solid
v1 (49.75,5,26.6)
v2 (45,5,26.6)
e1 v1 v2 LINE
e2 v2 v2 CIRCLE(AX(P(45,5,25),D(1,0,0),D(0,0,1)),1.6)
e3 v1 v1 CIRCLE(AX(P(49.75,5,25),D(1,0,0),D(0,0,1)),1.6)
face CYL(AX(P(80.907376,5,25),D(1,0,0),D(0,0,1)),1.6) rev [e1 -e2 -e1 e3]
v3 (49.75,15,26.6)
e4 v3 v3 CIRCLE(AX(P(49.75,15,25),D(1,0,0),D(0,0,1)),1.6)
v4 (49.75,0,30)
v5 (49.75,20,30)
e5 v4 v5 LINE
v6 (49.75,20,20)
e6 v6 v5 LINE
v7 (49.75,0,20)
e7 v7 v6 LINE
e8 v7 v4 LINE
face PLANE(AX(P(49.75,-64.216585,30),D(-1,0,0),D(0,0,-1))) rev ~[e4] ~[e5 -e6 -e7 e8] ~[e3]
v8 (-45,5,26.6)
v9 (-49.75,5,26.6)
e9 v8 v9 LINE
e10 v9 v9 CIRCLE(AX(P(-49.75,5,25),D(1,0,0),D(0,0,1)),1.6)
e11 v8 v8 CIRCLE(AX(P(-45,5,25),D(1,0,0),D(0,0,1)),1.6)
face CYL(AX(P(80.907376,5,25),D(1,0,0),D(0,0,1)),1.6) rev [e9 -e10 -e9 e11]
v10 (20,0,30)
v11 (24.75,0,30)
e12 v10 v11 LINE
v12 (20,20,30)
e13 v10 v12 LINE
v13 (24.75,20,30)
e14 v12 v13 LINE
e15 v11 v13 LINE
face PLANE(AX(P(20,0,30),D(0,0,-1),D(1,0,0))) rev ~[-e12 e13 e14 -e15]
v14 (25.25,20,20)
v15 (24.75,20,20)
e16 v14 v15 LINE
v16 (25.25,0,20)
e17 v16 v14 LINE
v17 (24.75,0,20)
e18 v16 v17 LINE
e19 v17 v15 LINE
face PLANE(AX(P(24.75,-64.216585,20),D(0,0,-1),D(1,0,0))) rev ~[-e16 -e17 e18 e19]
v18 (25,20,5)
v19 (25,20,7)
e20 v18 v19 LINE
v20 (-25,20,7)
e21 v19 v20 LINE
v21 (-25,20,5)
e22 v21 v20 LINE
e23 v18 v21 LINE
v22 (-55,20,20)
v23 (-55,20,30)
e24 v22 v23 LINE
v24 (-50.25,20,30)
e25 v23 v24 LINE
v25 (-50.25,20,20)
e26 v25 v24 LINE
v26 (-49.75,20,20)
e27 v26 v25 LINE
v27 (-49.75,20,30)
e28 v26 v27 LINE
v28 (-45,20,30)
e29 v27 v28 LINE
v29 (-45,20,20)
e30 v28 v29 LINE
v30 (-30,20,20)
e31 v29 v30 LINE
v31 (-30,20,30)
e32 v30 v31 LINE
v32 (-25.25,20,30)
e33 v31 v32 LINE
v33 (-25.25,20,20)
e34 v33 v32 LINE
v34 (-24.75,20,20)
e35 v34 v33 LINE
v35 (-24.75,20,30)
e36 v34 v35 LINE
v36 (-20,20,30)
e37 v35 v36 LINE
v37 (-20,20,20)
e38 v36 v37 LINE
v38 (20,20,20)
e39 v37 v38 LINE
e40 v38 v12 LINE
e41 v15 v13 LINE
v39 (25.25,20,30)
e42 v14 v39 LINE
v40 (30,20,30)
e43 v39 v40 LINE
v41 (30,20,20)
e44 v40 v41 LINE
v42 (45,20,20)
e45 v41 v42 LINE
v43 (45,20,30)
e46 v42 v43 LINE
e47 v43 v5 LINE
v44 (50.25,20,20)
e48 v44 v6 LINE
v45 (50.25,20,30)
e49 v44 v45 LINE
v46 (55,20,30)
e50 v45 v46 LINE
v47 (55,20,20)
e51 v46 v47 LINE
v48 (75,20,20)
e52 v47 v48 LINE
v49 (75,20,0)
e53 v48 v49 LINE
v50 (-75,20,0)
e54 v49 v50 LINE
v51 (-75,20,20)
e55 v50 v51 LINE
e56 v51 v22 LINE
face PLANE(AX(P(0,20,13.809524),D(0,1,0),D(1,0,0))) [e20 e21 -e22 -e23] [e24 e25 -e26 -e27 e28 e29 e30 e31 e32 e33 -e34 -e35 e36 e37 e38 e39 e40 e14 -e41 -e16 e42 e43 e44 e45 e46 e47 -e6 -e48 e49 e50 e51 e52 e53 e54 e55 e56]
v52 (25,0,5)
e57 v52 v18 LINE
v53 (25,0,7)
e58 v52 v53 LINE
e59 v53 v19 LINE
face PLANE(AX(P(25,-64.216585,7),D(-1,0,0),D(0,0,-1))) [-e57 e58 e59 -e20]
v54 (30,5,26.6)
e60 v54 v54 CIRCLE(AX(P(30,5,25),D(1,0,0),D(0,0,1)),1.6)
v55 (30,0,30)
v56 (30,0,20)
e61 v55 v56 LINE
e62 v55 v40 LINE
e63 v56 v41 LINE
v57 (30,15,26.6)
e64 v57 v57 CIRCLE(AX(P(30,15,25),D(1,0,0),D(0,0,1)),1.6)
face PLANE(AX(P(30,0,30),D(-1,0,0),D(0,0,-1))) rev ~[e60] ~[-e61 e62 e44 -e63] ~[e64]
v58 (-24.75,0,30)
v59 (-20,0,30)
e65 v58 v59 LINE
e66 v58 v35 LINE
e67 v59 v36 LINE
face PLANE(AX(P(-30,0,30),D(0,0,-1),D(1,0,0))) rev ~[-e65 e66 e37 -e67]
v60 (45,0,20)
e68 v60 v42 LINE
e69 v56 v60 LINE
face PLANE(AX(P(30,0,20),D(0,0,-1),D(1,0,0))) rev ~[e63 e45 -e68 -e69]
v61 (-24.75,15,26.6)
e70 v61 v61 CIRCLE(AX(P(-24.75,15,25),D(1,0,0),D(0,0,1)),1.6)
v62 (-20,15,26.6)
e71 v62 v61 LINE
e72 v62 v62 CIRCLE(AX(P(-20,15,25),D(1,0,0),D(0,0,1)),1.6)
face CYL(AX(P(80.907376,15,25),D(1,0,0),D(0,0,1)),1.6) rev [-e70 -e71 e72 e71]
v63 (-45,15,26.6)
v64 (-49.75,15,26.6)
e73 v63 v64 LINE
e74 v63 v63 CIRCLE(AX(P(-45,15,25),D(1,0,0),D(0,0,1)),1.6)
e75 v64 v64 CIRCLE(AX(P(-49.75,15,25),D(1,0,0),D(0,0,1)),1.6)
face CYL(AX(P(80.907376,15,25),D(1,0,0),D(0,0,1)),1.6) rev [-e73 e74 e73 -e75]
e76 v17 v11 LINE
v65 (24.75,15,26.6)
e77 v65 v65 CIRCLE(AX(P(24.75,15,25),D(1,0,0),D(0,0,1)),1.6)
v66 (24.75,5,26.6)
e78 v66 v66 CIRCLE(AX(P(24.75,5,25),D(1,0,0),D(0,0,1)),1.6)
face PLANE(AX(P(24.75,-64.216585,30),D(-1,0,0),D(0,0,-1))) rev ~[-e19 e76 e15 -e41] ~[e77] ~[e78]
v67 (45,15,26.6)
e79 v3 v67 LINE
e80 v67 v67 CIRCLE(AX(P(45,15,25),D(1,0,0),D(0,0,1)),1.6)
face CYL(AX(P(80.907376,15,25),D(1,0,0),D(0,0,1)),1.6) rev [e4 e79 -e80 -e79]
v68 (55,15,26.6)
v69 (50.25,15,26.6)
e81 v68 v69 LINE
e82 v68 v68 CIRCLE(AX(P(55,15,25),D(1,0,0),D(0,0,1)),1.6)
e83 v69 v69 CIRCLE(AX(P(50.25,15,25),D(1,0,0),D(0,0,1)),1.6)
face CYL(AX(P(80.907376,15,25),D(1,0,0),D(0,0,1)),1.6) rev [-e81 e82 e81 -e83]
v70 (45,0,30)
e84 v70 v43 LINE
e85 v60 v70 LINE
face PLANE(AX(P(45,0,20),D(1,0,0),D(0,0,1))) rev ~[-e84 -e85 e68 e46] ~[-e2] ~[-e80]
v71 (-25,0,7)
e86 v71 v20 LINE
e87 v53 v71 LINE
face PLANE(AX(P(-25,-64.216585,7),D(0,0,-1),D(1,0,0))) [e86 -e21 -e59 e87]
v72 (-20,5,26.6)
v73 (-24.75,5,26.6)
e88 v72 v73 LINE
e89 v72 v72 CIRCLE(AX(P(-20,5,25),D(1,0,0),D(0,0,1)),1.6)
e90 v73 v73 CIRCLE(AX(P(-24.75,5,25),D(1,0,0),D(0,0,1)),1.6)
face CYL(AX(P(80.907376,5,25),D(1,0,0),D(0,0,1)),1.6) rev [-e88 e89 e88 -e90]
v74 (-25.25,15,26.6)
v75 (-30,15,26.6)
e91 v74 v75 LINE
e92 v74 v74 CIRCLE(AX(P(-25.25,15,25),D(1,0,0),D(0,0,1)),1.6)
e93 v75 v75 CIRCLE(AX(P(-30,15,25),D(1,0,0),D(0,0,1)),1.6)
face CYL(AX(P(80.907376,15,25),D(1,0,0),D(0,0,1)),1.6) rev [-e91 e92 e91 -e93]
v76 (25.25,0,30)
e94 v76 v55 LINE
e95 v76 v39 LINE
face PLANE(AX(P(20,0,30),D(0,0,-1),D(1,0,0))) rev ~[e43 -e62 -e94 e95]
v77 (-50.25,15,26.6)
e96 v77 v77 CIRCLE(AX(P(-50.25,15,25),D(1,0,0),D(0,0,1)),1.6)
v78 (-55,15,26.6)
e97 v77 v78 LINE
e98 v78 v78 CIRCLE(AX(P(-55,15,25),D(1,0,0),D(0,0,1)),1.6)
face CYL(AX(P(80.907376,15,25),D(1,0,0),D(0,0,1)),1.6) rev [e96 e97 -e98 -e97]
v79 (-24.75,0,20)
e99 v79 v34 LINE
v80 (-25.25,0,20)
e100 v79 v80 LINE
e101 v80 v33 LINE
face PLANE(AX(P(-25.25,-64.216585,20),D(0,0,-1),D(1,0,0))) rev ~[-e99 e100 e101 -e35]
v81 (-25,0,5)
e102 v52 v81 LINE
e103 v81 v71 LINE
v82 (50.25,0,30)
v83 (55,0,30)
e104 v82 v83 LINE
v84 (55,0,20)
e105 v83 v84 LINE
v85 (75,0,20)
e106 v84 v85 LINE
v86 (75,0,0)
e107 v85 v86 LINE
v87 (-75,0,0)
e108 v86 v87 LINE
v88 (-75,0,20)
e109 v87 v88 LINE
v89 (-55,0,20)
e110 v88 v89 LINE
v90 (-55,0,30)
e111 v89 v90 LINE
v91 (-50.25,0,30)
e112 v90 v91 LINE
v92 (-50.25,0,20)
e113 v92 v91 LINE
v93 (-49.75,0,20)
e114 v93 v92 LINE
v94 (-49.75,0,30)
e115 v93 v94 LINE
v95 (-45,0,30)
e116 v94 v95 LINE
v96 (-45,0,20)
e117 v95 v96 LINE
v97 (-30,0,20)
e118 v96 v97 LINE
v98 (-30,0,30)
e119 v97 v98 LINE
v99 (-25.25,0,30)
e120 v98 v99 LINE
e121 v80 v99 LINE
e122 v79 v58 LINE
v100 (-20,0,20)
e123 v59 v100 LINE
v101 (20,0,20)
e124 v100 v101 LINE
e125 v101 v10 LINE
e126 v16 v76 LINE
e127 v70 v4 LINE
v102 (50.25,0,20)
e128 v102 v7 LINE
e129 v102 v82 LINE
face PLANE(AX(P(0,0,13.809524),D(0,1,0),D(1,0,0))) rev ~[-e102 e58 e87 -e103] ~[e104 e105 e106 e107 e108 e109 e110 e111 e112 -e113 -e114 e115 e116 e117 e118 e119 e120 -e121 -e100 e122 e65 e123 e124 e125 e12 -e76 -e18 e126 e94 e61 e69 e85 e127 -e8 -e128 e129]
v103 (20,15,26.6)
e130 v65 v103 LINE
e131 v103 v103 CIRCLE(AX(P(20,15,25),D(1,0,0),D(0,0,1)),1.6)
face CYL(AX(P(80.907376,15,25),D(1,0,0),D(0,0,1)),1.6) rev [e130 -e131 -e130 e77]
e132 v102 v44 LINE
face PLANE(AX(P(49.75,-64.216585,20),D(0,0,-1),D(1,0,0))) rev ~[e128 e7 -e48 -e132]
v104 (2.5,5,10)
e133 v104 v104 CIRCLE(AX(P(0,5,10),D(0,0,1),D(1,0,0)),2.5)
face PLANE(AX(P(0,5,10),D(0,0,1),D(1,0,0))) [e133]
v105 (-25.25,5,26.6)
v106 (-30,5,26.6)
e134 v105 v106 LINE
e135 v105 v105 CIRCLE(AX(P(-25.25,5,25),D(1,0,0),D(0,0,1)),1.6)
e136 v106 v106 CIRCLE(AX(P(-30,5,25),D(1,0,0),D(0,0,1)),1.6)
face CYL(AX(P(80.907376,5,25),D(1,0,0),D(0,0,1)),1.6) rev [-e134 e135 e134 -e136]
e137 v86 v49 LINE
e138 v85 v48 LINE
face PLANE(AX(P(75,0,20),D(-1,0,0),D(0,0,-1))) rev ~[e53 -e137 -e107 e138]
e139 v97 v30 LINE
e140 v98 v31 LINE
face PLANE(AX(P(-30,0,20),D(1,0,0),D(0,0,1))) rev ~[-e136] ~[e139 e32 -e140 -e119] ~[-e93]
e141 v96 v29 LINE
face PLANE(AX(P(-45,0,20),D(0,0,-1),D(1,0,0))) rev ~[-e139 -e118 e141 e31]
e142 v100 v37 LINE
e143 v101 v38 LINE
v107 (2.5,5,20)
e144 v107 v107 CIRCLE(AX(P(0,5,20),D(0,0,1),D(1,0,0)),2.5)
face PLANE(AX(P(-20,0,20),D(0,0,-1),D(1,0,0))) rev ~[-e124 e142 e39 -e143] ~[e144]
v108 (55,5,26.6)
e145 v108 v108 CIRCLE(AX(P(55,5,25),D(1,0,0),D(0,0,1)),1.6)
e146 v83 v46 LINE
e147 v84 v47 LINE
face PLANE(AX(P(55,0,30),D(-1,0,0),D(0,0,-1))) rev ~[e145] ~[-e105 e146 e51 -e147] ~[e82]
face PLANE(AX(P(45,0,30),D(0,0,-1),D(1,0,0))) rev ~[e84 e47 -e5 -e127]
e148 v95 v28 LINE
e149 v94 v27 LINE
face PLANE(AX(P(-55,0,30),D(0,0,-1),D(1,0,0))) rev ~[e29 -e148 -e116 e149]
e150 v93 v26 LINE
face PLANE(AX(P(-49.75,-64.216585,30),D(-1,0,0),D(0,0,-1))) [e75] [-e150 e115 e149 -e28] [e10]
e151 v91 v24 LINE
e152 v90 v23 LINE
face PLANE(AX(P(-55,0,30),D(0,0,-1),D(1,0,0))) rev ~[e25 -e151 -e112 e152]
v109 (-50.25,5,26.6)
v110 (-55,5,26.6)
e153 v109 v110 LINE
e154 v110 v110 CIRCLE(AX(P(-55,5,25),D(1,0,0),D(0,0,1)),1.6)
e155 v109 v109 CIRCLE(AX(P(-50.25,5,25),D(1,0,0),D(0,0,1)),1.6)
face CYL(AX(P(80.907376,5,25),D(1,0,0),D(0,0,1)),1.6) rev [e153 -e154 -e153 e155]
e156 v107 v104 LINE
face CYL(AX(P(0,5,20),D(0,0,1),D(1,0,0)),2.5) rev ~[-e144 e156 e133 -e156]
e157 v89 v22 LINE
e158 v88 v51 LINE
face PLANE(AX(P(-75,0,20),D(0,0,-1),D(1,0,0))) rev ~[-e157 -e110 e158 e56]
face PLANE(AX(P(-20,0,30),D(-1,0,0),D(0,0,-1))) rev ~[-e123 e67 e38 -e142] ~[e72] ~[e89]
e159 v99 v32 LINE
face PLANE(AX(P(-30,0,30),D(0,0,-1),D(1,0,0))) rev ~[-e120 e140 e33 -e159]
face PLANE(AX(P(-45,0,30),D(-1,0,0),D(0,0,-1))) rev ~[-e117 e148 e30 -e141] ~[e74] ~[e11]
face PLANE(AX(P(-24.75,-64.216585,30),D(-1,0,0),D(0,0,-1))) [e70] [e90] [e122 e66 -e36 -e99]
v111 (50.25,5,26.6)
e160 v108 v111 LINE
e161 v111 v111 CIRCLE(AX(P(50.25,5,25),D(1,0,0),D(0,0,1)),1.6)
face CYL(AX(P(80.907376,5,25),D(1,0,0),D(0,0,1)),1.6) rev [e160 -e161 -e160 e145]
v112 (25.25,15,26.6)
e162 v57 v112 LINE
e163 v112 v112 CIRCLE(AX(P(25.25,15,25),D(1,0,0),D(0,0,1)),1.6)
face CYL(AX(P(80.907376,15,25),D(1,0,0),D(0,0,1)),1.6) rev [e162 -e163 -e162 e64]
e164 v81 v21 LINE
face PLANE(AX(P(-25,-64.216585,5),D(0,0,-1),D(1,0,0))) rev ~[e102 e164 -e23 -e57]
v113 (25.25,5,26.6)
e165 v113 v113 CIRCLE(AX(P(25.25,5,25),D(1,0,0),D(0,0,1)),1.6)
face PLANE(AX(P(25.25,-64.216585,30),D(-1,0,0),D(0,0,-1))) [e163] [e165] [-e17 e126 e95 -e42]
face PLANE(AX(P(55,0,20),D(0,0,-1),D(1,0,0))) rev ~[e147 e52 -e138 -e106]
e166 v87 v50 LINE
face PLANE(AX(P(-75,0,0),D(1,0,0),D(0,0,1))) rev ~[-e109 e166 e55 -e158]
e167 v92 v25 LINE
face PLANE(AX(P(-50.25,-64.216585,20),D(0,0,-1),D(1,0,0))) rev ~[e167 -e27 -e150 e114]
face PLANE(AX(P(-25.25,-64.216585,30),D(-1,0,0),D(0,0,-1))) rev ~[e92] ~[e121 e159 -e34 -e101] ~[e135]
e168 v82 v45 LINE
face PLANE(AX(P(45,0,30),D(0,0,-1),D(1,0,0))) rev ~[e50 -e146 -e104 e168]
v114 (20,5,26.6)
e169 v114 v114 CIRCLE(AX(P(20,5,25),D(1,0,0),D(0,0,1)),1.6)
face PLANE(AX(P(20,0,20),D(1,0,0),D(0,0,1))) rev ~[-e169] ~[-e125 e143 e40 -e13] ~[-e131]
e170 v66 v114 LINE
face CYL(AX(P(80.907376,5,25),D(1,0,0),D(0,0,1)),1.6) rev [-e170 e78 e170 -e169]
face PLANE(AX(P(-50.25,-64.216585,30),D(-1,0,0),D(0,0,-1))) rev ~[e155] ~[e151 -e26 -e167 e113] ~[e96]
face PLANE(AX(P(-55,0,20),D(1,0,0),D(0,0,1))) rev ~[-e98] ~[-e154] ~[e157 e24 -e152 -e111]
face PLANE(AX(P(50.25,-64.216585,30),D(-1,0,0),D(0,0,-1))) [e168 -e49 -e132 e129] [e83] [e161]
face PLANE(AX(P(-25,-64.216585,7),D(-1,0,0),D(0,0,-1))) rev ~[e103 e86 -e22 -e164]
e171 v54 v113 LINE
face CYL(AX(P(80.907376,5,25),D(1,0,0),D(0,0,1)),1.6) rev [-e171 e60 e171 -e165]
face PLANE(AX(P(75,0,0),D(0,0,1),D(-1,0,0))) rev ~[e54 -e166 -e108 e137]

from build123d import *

# Parameters (mm, degrees)
BOSS_EXTRUDE1_DEPTH     = 20
CUT_EXTRUDE1_DEPTH      = 84.216584885
CUT_EXTRUDE1_DEPTH_BACK = 84.216584885
SKETCH2_W               = 0.5
SKETCH2_H               = 10
CUT_EXTRUDE2_DEPTH      = 135.907375632
CUT_EXTRUDE2_DEPTH_BACK = 135.907375632
SKETCH3_R               = 1.6
CUT_EXTRUDE3_DEPTH      = 84.216584885
CUT_EXTRUDE3_DEPTH_BACK = 84.216584885
SKETCH4_W               = 50
SKETCH4_H               = 2
SKETCH5_R               = 2.5
CUT_EXTRUDE4_DEPTH      = 10


with BuildPart() as part:
    # Sketch1 → Boss-Extrude1 (new body)
    with BuildSketch(Plane(origin=(0, 0, 0), x_dir=(1, 0, 0), z_dir=(0, 1, 0))):
        Polygon((0, 0), (-75, 0), (-75, -20), (-55, -20), (-55, -30), (-45, -30), (-45, -20), (-30, -20), (-30, -30), (-20, -30), (-20, -20), (20, -20), (20, -30), (30, -30), (30, -20), (45, -20), (45, -30), (55, -30), (55, -20), (75, -20), (75, 0), align=None)
    extrude(amount=BOSS_EXTRUDE1_DEPTH)

    # Sketch2 → Cut-Extrude1 (cut, two sides: drawn at the far end of the back side and taken through both)
    with BuildSketch(Plane(origin=(0, 20, 0), x_dir=(1, 0, 0), z_dir=(0, 1, 0)).offset(-CUT_EXTRUDE1_DEPTH_BACK)):
        with Locations((-50, -25)):
            Rectangle(SKETCH2_W, SKETCH2_H)
        with Locations((-25, -25)):
            Rectangle(SKETCH2_W, SKETCH2_H)
        with Locations((25, -25)):
            Rectangle(SKETCH2_W, SKETCH2_H)
        with Locations((50, -25)):
            Rectangle(SKETCH2_W, SKETCH2_H)
    extrude(amount=CUT_EXTRUDE1_DEPTH + CUT_EXTRUDE1_DEPTH_BACK, mode=Mode.SUBTRACT)

    # Sketch3 → Cut-Extrude2 (cut, two sides: drawn at the far end of the back side and taken through both)
    with BuildSketch(Plane.ZY.offset(55).offset(-CUT_EXTRUDE2_DEPTH_BACK)):
        with Locations((25, 15)):
            Circle(SKETCH3_R)
        with Locations((25, 5)):
            Circle(SKETCH3_R)
    extrude(amount=CUT_EXTRUDE2_DEPTH + CUT_EXTRUDE2_DEPTH_BACK, mode=Mode.SUBTRACT)

    # Sketch4 → Cut-Extrude3 (cut, two sides: drawn at the far end of the back side and taken through both)
    with BuildSketch(Plane(origin=(0, 20, 0), x_dir=(1, 0, 0), z_dir=(0, 1, 0)).offset(-CUT_EXTRUDE3_DEPTH_BACK)):
        with Locations((0, -6)):
            Rectangle(SKETCH4_W, SKETCH4_H)
    extrude(amount=CUT_EXTRUDE3_DEPTH + CUT_EXTRUDE3_DEPTH_BACK, mode=Mode.SUBTRACT)

    # Sketch5 → Cut-Extrude4 (cut)
    with BuildSketch(Plane.XY.offset(20)):
        with Locations((0, 5)):
            Circle(SKETCH5_R)
    extrude(amount=-CUT_EXTRUDE4_DEPTH, mode=Mode.SUBTRACT)


solid = part.part
